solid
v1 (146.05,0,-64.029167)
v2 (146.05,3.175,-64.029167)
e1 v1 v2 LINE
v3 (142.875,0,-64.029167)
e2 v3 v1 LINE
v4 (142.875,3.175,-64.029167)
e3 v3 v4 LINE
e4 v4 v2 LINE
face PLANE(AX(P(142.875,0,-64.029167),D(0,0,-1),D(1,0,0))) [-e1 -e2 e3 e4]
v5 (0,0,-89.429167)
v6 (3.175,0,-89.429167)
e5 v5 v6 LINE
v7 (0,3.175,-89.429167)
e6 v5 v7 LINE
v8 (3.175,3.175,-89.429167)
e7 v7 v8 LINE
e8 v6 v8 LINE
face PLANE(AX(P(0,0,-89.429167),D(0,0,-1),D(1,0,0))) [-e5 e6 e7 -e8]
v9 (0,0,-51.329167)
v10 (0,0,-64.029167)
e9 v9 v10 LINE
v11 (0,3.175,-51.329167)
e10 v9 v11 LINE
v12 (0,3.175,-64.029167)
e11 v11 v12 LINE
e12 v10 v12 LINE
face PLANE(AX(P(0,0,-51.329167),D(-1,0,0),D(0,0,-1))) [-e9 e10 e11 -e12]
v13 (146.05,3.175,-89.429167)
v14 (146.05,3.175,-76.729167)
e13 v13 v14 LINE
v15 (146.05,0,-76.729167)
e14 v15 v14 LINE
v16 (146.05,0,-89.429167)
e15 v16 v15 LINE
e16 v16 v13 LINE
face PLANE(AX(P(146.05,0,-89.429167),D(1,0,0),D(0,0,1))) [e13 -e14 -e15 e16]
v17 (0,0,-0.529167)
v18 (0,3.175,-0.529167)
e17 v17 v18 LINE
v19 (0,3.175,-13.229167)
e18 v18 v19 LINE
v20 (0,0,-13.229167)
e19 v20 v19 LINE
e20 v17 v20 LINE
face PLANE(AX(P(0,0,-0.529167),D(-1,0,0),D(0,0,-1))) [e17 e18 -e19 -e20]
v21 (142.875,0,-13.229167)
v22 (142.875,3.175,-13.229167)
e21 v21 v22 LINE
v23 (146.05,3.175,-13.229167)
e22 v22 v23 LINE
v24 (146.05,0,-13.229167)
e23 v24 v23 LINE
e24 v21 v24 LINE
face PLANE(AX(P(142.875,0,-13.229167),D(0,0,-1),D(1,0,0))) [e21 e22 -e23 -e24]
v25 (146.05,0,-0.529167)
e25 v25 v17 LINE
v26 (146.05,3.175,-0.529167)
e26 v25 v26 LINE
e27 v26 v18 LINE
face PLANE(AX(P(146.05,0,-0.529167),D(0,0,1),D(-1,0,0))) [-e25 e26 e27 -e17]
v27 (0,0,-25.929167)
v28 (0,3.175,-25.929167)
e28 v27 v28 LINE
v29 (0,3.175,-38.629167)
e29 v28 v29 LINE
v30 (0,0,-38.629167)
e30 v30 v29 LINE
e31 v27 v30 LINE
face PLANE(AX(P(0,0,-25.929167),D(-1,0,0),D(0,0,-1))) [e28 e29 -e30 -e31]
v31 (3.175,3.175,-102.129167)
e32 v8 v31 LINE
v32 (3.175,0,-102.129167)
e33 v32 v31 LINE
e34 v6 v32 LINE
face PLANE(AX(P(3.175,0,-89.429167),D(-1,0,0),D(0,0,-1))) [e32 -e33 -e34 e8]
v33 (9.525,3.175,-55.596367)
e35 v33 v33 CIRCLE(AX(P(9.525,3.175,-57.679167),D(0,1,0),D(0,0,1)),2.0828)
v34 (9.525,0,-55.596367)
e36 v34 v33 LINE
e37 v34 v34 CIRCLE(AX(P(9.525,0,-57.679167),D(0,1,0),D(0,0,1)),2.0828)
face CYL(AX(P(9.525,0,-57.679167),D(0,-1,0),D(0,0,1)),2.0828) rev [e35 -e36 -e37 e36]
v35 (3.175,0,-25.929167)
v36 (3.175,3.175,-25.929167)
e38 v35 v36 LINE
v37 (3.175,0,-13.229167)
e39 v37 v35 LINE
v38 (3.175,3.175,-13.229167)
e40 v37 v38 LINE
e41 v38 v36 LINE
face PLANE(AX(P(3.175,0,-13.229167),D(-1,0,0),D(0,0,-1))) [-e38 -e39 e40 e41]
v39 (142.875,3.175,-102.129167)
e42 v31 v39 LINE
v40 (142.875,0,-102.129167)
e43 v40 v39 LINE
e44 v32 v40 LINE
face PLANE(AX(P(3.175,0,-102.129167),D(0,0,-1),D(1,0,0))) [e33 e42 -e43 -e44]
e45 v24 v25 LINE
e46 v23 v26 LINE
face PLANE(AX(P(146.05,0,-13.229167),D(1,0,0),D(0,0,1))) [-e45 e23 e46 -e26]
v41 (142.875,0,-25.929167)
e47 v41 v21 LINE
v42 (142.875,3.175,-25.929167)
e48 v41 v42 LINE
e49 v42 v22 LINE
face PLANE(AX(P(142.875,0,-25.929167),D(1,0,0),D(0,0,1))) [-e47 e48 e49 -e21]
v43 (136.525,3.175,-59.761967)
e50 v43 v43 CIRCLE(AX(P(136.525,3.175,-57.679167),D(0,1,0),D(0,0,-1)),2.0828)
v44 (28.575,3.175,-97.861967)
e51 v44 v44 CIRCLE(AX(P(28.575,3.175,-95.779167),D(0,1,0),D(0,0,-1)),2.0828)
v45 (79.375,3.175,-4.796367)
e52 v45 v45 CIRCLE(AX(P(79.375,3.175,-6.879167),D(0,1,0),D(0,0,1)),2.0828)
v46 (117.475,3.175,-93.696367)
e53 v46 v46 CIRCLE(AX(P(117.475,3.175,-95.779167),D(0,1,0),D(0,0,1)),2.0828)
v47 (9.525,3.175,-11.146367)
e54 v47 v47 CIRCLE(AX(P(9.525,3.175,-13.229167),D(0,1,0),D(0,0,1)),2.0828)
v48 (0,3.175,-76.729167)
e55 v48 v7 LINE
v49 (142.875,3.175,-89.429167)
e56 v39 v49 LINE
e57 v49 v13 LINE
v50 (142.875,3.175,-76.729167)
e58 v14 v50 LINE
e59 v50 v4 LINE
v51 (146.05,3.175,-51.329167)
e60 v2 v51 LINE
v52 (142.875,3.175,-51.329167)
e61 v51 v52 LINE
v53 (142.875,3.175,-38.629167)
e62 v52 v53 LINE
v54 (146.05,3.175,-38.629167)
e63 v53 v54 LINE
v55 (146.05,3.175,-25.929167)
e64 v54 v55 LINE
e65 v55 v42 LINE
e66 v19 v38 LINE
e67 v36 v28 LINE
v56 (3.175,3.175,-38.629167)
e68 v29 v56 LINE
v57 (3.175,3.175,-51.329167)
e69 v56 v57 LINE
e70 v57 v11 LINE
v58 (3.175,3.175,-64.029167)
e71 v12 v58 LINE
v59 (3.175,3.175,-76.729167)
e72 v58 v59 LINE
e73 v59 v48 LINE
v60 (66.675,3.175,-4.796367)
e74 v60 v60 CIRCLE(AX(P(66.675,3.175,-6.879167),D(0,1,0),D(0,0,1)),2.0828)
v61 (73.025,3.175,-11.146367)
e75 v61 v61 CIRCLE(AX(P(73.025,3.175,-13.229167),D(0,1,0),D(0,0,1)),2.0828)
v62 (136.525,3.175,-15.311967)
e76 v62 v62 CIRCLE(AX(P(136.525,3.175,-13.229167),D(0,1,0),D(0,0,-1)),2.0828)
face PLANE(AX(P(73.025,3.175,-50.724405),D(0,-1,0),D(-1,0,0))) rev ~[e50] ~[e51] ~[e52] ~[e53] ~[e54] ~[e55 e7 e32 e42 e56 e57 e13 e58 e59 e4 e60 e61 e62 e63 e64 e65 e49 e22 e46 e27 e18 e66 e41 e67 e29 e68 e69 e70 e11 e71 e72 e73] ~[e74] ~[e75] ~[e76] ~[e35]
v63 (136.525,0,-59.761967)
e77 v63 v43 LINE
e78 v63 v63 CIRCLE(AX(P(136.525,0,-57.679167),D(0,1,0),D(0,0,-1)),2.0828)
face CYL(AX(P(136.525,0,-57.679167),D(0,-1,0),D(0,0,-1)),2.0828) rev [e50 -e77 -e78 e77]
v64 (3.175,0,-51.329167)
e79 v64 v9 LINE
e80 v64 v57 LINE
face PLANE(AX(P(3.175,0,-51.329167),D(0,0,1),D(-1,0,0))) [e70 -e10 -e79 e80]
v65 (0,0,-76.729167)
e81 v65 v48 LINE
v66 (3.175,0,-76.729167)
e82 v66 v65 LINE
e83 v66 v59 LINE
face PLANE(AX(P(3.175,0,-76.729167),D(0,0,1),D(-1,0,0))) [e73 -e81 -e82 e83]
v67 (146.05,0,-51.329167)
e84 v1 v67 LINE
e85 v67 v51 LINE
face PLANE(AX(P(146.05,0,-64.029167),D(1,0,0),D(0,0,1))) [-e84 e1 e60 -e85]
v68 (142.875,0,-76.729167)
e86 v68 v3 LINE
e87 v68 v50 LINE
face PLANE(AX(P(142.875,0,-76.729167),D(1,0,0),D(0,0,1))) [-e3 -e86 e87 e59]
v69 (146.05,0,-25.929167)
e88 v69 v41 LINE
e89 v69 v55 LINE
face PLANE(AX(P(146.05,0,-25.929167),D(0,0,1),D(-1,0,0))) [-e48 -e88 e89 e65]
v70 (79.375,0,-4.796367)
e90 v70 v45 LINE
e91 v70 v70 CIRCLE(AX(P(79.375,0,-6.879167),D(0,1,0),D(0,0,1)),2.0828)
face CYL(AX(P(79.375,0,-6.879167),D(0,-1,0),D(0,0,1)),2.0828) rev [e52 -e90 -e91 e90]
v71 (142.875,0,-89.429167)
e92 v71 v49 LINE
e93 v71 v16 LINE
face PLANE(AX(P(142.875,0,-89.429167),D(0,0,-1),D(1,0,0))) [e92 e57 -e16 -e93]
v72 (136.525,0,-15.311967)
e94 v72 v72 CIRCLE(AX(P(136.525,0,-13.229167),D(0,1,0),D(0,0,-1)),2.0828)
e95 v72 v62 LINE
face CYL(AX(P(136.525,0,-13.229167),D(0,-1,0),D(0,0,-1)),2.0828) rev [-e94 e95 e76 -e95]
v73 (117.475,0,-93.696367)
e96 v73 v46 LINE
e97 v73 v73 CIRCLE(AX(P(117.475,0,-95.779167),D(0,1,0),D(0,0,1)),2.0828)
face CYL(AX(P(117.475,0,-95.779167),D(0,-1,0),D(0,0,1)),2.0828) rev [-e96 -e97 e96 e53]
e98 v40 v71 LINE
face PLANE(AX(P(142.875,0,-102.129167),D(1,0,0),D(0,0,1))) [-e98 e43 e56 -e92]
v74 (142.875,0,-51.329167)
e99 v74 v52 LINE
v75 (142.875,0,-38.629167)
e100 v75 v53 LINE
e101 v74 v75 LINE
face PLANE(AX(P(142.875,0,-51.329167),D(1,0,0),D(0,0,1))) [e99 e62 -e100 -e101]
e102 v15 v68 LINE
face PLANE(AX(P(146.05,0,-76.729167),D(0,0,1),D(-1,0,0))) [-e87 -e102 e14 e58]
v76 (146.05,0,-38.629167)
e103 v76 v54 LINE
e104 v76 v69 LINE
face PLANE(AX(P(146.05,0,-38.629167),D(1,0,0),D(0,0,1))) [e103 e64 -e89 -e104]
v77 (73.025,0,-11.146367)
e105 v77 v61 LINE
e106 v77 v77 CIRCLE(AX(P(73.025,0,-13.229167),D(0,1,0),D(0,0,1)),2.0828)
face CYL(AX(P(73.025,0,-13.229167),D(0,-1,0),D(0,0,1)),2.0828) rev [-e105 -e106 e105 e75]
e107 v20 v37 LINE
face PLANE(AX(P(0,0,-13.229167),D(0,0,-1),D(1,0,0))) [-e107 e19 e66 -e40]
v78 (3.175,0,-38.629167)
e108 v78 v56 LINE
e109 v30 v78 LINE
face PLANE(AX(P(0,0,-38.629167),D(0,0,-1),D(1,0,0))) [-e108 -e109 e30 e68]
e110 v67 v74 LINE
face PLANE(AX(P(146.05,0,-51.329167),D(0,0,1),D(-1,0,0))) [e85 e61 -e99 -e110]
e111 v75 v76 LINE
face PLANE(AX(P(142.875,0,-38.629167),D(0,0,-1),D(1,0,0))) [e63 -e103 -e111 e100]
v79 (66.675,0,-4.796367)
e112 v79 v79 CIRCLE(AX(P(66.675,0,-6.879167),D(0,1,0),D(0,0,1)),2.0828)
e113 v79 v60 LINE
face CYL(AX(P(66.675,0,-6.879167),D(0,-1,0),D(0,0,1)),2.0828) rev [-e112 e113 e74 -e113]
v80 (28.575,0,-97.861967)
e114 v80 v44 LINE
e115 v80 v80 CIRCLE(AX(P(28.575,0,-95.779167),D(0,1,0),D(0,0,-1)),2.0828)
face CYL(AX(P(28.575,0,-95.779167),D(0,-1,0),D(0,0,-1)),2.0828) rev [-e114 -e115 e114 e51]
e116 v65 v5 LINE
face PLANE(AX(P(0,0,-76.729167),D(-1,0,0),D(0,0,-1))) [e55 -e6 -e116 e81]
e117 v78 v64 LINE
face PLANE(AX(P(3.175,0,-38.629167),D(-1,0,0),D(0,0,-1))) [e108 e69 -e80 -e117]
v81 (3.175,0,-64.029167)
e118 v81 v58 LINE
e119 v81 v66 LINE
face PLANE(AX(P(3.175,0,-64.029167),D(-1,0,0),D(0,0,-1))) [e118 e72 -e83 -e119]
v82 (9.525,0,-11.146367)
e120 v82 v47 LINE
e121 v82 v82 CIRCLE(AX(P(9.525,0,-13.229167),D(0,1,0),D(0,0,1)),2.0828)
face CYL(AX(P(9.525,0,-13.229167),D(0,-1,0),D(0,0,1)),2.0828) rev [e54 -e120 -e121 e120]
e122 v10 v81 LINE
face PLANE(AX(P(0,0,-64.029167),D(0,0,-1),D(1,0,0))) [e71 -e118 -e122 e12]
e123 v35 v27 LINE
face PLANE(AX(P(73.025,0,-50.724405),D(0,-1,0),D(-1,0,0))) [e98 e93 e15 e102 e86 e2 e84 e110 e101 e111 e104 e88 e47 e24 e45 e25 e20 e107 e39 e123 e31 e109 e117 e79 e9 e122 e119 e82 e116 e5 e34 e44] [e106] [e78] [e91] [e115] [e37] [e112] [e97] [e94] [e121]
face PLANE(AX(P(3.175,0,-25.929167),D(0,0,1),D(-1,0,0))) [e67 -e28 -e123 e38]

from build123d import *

# Parameters (mm, degrees)
SKETCH2_R           = 2.0828
BOSS_EXTRUDE1_DEPTH = 3.175


with BuildPart() as part:
    # Sketch2 → Boss-Extrude1 (new body)
    with BuildSketch(Plane(origin=(0, 0, 0), x_dir=(1, 0, 0), z_dir=(0, 1, 0))):
        Polygon((3.175, 13.229166667), (3.175, 25.929166667), (0, 25.929166667), (0, 38.629166667), (3.175, 38.629166667), (3.175, 51.329166667), (0, 51.329166667), (0, 64.029166667), (3.175, 64.029166667), (3.175, 76.729166667), (0, 76.729166667), (0, 89.429166667), (3.175, 89.429166667), (3.175, 102.129166667), (142.875, 102.129166667), (142.875, 89.429166667), (146.05, 89.429166667), (146.05, 76.729166667), (142.875, 76.729166667), (142.875, 64.029166667), (146.05, 64.029166667), (146.05, 51.329166667), (142.875, 51.329166667), (142.875, 38.629166667), (146.05, 38.629166667), (146.05, 25.929166667), (142.875, 25.929166667), (142.875, 13.229166667), (146.05, 13.229166667), (146.05, 0.529166667), (0, 0.529166667), (0, 13.229166667), align=None)
        with Locations(Location((136.525, 57.679166667, 0), (0, 0, 90))):
            Circle(SKETCH2_R, mode=Mode.SUBTRACT)
        with Locations(Location((9.525, 13.229166667, 0), (0, 0, 270))):
            Circle(SKETCH2_R, mode=Mode.SUBTRACT)
        with Locations(Location((9.525, 57.679166667, 0), (0, 0, 270))):
            Circle(SKETCH2_R, mode=Mode.SUBTRACT)
        with Locations(Location((136.525, 13.229166667, 0), (0, 0, 90))):
            Circle(SKETCH2_R, mode=Mode.SUBTRACT)
        with Locations(Location((79.375, 6.879166667, 0), (0, 0, 270))):
            Circle(SKETCH2_R, mode=Mode.SUBTRACT)
        with Locations(Location((73.025, 13.229166667, 0), (0, 0, 270))):
            Circle(SKETCH2_R, mode=Mode.SUBTRACT)
        with Locations(Location((66.675, 6.879166667, 0), (0, 0, 270))):
            Circle(SKETCH2_R, mode=Mode.SUBTRACT)
        with Locations(Location((117.475, 95.779166667, 0), (0, 0, 270))):
            Circle(SKETCH2_R, mode=Mode.SUBTRACT)
        with Locations(Location((28.575, 95.779166667, 0), (0, 0, 90))):
            Circle(SKETCH2_R, mode=Mode.SUBTRACT)
    extrude(amount=BOSS_EXTRUDE1_DEPTH)


solid = part.part
